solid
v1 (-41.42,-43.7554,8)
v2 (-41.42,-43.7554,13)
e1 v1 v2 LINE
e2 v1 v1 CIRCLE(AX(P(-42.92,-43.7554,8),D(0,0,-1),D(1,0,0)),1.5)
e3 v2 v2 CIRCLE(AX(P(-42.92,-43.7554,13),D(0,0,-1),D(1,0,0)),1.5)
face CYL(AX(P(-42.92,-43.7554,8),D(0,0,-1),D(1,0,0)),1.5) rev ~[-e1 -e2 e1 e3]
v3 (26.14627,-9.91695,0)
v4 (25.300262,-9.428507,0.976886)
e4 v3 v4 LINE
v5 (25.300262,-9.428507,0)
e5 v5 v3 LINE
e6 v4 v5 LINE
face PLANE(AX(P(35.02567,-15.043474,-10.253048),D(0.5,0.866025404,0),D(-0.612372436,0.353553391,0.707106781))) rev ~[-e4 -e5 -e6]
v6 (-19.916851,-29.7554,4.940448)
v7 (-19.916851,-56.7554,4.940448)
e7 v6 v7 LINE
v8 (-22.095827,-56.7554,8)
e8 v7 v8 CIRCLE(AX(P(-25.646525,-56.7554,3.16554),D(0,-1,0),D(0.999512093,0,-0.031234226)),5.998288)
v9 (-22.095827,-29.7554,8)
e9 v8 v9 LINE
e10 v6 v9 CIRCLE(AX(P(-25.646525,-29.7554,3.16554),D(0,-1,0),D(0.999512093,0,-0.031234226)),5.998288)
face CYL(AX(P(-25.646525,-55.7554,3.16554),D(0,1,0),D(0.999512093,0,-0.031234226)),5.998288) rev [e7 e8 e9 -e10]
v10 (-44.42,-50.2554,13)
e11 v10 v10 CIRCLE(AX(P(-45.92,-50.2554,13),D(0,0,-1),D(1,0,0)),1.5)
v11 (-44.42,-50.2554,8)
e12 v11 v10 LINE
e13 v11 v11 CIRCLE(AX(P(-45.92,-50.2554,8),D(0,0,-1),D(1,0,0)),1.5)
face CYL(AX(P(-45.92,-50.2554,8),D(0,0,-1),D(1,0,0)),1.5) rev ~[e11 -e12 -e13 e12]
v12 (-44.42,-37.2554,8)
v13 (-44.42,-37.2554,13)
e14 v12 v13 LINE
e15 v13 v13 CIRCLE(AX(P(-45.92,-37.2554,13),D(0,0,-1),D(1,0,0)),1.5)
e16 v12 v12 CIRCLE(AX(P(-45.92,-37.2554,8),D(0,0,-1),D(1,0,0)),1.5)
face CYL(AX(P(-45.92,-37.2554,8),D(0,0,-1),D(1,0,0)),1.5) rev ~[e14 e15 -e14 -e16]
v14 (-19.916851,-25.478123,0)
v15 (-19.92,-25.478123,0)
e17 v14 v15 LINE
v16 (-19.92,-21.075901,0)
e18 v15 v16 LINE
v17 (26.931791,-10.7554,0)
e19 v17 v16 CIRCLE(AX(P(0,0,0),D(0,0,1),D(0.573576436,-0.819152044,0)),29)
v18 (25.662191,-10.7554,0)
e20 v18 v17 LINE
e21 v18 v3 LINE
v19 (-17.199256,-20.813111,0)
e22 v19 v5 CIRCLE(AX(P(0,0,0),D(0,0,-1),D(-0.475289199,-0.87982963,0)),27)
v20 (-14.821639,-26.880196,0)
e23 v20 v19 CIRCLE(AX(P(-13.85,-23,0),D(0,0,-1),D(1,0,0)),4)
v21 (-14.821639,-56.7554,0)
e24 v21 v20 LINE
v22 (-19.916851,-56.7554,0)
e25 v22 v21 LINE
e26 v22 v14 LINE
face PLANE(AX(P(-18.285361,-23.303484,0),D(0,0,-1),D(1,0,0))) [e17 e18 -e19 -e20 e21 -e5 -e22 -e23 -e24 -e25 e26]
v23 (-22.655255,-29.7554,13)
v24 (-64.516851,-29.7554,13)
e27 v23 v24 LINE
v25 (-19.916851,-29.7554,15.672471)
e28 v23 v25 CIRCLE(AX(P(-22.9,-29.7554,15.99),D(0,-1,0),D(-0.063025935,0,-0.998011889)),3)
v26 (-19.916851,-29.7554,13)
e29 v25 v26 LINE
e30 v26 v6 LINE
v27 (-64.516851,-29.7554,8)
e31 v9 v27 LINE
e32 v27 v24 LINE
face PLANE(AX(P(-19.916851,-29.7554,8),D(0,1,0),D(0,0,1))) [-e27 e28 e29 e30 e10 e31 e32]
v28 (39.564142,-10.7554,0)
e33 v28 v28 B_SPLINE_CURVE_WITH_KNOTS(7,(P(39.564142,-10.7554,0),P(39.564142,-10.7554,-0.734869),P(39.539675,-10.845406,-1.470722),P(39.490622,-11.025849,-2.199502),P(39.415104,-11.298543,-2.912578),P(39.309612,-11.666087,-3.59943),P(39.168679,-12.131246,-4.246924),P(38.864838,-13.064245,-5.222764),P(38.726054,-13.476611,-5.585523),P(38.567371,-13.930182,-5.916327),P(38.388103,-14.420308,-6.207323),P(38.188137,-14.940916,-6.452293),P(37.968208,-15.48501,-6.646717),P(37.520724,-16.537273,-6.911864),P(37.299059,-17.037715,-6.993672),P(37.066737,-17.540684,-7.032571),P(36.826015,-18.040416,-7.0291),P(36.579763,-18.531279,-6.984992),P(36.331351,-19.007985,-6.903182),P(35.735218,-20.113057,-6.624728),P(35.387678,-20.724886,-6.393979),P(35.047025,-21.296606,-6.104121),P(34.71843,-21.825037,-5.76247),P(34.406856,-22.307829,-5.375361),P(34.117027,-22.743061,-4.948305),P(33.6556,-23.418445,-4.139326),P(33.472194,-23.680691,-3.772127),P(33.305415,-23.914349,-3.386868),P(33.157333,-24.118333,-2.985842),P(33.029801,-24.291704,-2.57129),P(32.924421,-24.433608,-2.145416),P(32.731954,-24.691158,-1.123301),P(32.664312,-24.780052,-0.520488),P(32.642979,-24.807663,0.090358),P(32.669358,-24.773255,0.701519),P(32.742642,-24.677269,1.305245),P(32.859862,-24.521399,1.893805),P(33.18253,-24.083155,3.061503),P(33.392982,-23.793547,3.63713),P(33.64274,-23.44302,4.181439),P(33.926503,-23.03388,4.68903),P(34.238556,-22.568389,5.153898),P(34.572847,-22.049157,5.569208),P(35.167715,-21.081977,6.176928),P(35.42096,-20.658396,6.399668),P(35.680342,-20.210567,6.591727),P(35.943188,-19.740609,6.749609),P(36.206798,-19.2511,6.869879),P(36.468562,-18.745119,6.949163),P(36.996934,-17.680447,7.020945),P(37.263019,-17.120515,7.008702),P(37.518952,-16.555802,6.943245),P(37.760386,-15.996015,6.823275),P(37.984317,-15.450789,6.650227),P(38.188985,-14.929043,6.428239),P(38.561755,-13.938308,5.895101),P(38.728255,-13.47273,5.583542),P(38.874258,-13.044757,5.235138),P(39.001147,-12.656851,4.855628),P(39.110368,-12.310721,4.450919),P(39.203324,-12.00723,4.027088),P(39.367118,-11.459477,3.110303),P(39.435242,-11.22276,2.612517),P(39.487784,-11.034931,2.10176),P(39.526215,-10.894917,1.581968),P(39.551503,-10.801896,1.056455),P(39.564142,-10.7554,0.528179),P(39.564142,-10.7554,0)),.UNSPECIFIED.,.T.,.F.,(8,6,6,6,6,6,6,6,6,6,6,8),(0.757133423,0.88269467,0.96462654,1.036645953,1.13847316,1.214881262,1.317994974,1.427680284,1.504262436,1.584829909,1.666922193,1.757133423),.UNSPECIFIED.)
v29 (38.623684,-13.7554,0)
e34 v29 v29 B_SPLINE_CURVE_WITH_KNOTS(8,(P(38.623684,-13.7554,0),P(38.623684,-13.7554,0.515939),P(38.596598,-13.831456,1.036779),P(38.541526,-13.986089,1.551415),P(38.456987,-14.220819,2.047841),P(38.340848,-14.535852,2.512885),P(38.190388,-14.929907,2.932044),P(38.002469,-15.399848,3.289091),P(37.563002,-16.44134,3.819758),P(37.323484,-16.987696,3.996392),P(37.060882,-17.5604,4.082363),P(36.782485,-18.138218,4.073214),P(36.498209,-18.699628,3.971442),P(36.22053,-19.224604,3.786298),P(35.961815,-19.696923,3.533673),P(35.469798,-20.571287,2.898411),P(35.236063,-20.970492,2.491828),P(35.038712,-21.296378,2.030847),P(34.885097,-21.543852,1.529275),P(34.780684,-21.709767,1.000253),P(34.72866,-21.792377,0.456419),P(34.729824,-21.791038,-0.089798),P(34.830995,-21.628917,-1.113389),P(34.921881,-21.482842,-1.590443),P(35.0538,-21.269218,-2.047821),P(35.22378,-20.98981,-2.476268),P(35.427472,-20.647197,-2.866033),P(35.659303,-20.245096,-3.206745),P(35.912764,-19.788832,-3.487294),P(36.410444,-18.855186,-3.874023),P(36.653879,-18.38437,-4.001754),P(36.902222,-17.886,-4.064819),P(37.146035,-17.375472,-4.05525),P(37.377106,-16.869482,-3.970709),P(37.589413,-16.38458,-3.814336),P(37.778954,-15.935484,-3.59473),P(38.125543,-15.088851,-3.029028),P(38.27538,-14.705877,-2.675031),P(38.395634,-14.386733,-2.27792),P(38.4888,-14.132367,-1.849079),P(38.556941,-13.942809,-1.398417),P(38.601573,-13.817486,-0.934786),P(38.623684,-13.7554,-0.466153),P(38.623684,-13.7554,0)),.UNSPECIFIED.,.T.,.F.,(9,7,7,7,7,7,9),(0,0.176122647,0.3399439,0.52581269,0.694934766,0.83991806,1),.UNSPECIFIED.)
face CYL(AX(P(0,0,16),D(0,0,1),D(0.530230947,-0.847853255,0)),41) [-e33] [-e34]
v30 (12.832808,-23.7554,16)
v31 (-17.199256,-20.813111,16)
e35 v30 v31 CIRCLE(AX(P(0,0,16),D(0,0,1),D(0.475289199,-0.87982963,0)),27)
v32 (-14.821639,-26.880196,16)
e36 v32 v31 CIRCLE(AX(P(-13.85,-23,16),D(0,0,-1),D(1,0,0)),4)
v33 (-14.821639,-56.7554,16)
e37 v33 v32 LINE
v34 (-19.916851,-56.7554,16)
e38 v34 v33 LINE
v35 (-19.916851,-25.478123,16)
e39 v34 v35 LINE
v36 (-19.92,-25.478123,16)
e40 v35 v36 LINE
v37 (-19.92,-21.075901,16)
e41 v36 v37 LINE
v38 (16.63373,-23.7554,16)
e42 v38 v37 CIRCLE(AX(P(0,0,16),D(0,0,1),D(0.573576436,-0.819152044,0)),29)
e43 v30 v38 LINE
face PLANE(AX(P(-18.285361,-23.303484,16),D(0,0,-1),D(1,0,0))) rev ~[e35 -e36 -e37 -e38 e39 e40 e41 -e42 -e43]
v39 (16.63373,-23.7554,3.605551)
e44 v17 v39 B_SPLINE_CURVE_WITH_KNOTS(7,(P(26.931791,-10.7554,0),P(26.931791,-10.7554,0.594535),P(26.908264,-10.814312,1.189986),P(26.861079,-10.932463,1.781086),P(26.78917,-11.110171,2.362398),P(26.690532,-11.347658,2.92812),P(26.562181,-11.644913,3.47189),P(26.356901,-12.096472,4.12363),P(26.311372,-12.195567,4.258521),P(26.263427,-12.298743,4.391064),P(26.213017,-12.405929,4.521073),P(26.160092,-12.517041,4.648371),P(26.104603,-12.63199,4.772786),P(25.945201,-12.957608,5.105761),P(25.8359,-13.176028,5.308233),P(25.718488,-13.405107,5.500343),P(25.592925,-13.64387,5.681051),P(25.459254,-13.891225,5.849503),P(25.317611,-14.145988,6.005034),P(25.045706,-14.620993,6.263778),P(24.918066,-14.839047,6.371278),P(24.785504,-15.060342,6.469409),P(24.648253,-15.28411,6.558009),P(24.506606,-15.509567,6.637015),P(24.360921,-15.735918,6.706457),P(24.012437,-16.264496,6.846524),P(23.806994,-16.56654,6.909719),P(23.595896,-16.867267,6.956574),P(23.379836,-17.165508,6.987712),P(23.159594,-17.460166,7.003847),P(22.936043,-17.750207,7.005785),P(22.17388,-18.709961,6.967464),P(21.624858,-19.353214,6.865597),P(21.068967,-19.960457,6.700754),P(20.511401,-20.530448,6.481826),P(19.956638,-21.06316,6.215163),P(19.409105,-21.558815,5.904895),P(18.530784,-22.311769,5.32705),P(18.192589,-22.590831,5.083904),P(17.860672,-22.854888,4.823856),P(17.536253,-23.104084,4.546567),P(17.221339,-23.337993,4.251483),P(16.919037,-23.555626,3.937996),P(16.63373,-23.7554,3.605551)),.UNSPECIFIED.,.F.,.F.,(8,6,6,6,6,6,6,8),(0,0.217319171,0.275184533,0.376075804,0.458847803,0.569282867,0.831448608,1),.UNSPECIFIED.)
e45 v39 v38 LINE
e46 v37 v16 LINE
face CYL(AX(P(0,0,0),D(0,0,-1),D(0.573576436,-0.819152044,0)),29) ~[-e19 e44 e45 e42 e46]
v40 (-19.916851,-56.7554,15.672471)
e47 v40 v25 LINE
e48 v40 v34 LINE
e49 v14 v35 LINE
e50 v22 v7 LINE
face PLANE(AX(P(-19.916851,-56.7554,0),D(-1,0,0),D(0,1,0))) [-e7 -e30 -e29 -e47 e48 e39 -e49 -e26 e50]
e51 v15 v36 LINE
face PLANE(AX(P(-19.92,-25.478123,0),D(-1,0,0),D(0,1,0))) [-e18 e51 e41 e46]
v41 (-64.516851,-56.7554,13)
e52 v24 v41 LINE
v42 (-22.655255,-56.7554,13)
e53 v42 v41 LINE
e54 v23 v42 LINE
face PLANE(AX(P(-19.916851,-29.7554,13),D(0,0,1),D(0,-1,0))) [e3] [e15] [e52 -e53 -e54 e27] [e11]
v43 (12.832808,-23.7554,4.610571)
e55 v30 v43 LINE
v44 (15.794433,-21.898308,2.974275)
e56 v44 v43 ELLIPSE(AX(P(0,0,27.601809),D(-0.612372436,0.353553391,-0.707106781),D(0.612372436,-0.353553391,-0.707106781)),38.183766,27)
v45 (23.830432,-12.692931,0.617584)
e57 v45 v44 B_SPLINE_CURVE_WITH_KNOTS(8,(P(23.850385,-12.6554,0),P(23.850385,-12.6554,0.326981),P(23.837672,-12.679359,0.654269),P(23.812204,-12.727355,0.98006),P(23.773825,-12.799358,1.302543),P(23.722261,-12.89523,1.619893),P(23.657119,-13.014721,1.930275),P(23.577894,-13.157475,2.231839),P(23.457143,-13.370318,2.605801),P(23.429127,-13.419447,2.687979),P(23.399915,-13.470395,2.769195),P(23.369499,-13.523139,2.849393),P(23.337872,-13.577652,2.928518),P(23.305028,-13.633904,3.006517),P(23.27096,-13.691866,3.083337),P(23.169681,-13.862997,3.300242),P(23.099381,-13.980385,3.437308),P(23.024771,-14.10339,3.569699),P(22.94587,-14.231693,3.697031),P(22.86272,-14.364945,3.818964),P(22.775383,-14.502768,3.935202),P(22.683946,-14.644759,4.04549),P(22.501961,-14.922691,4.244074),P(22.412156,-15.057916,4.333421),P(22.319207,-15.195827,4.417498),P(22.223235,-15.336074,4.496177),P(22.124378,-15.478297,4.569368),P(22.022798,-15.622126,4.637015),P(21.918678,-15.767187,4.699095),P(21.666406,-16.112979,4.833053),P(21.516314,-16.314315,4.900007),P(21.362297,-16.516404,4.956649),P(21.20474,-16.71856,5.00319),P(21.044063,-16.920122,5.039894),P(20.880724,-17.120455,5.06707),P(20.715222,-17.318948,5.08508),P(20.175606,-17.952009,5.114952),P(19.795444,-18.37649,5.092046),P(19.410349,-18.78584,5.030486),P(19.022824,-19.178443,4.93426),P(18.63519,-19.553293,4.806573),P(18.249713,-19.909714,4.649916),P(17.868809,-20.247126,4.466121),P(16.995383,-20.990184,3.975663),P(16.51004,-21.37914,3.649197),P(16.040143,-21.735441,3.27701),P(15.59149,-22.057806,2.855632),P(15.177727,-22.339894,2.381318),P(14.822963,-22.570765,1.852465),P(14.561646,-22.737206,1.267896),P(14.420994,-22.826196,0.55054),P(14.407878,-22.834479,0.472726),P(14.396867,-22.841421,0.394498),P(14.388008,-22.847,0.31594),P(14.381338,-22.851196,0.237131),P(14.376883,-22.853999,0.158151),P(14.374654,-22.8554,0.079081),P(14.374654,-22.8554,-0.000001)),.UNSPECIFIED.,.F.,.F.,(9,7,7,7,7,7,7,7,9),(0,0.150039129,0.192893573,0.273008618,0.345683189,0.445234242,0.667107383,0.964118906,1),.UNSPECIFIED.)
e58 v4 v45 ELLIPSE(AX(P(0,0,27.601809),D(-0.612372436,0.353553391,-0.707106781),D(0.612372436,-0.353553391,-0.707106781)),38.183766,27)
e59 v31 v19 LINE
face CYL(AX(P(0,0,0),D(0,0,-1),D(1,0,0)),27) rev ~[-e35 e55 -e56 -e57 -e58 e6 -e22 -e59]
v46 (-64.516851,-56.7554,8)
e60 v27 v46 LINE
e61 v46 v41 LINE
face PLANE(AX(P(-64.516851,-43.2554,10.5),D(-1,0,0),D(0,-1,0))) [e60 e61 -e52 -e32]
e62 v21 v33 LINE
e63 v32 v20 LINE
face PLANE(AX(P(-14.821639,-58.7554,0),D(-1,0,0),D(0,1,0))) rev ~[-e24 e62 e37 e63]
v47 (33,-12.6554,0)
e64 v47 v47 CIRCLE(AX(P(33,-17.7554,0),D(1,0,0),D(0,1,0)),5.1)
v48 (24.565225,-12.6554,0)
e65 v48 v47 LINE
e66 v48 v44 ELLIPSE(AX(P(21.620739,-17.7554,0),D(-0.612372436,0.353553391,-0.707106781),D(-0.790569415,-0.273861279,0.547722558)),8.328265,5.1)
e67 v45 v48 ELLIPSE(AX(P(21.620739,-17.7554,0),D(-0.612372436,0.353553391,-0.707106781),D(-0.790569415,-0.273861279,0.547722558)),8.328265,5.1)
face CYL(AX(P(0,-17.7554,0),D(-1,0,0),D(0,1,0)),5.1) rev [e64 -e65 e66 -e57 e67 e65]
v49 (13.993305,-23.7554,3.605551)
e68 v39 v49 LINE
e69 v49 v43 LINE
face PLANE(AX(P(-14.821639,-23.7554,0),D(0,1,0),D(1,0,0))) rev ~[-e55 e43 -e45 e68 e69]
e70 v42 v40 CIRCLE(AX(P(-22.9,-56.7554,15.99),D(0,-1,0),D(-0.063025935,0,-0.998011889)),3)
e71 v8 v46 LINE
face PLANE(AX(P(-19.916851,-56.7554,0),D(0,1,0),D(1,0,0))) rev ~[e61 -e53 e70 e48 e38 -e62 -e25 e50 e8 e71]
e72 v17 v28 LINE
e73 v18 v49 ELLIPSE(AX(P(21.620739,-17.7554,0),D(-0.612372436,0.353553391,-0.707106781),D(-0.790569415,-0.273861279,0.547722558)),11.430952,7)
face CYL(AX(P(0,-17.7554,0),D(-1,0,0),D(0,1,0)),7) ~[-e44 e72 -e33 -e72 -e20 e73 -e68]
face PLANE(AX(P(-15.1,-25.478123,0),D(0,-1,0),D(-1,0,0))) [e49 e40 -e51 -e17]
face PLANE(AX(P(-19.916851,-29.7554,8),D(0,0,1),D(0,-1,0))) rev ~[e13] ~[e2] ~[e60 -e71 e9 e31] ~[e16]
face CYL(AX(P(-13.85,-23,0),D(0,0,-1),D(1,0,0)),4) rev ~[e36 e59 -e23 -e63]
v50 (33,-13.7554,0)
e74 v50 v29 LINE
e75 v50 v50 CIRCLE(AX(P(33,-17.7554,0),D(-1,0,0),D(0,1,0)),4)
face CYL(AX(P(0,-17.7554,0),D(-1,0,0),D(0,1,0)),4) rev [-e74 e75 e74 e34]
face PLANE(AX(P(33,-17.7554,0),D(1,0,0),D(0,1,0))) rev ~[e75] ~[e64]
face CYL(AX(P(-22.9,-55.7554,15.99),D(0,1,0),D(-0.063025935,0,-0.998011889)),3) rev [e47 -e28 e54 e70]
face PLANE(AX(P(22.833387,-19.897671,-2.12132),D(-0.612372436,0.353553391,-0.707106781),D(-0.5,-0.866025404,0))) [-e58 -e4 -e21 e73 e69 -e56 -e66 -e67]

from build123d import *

# Parameters (mm, degrees)
PAD026_DEPTH         = 16
SKETCH047_W          = 36.5505813425
SKETCH047_H          = 33
PAD027_DEPTH         = 16
SKETCH049_W          = 27
SKETCH049_H          = 5
PAD028_DEPTH         = 44.6
SKETCH048_W          = 33.1432370811
SKETCH048_H          = 35
POCKET031_DEPTH      = 16
SKETCH062_R          = 7
PAD029_DEPTH         = 40
SKETCH063_R          = 4
POCKET032_DEPTH      = 42
SKETCH065_R          = 5.1
POCKET033_DEPTH      = 33
SKETCH067_R          = 27
POCKET034_DEPTH      = 16
POCKET034_DEPTH_BACK = 16
POCKET050_DEPTH      = 23
PAD044_DEPTH         = 16
PAD045_DEPTH         = 26
PAD045_DEPTH_BACK    = 1
PAD046_DEPTH         = 26
PAD046_DEPTH_BACK    = 1
SKETCH099_R          = 1.5
POCKET051_DEPTH      = 5
SKETCH068_W          = 20.6
SKETCH068_H          = 23
POCKET052_DEPTH      = 7
SKETCH070_R          = 4
POCKET053_DEPTH      = 16


with BuildPart() as part:
    # Sketch045 → Pad026 (new body)
    with BuildSketch(Plane.XY):
        with BuildLine():
            ThreePointArc((16.6337166542, -23.7554092844), (0, 29), (-16.6337166542, -23.7554092844))
            Line((-16.6337166542, -23.7554092844), (16.6337166542, -23.7554092844))
        make_face()
    extrude(amount=PAD026_DEPTH)

    # Sketch047 → Pad027 (join)
    with BuildSketch(Plane.XY):
        with Locations((-1.6415607576, -40.2554)):
            Rectangle(SKETCH047_W, SKETCH047_H)
    extrude(amount=PAD027_DEPTH)

    # Sketch049 → Pad028 (join)
    with BuildSketch(Plane(origin=(-19.9168514289, 0, 0), x_dir=(0, -1, 0), z_dir=(-1, 0, 0))):
        with Locations((43.2554, 10.5)):
            Rectangle(SKETCH049_W, SKETCH049_H)
    extrude(amount=PAD028_DEPTH)

    # Sketch048 → Pocket031 (cut)
    with BuildSketch(Plane.XY):
        with Locations((1.7499799388, -41.2554)):
            Rectangle(SKETCH048_W, SKETCH048_H)
    extrude(amount=POCKET031_DEPTH, mode=Mode.SUBTRACT)

    # Sketch062 → Pad029 (join)
    with BuildSketch(Plane.YZ):
        with Locations((-17.7554, 0)):
            Circle(SKETCH062_R)
    extrude(amount=PAD029_DEPTH)

    # Sketch063 → Pocket032 (cut)
    with BuildSketch(Plane.YZ):
        with Locations((-17.7554, 0)):
            Circle(SKETCH063_R)
    extrude(amount=POCKET032_DEPTH, mode=Mode.SUBTRACT)

    # Sketch065 → Pocket033 (cut)
    with BuildSketch(Plane.YZ):
        with Locations((-17.7554, 0)):
            Circle(SKETCH065_R)
    extrude(amount=POCKET033_DEPTH, mode=Mode.SUBTRACT)

    # Sketch067 → Pocket034 (cut, two sides)
    with BuildSketch(Plane(origin=(0, 0, 0), x_dir=(1, 0, 0), z_dir=(0, 0, -1))) as pocket034_sk:
        Circle(SKETCH067_R)
    extrude(amount=-POCKET034_DEPTH, mode=Mode.SUBTRACT)
    extrude(pocket034_sk.sketch, amount=POCKET034_DEPTH_BACK, mode=Mode.SUBTRACT)

    # Sketch069 → Pocket050 (cut)
    with BuildSketch(Plane.XY.offset(16)):
        with BuildLine():
            ThreePointArc((21.7394688414, -34.7619834661), (34.6744517723, -21.8788115374), (40.7345717373, -4.6577532545))
            Line((40.7345717373, -4.6577532545), (77.483603, -4.6577532545))
            Line((77.483603, -4.6577532545), (77.483603, -35.651409))
            Line((21.7394688414, -34.7619834661), (77.483603, -35.651409))
        make_face()
    extrude(amount=-POCKET050_DEPTH, mode=Mode.SUBTRACT)

    # Sketch072 → Pad044 (join)
    with BuildSketch(Plane(origin=(0, 0, 0), x_dir=(1, 0, 0), z_dir=(0, 0, -1))):
        Polygon((-19.92, 25.478123), (-19.92, 19.578123), (-15.1, 25.478123), align=None)
    extrude(amount=-PAD044_DEPTH)

    # Sketch101 → Pad045 (join, two sides)
    with BuildSketch(Plane.XZ.offset(55.7554)) as pad045_sk:
        with BuildLine():
            ThreePointArc((-23.0890778045, 12.9959643316), (-20.9165956412, 13.739198554), (-19.9059643934, 15.8009212171))
            Line((-19.9059643933, 15.8009212171), (-17.161644, 10.394013))
            Line((-23.0890778045, 12.9959643316), (-17.161644, 10.394013))
        make_face()
    extrude(amount=-PAD045_DEPTH)
    extrude(pad045_sk.sketch, amount=PAD045_DEPTH_BACK)

    # Sketch100 → Pad046 (join, two sides)
    with BuildSketch(Plane.XZ.offset(55.7554)) as pad046_sk:
        with BuildLine():
            ThreePointArc((-19.6511636096, 2.9781881147), (-21.3108750101, 7.3106091304), (-25.5643652158, 9.1632652939))
            Line((-25.564365, 9.163265), (-16.937498, 9.628842))
            Line((-19.651164, 2.978188), (-16.937498, 9.628842))
        make_face()
    extrude(amount=-PAD046_DEPTH)
    extrude(pad046_sk.sketch, amount=PAD046_DEPTH_BACK)

    # Sketch099 → Pocket051 (cut)
    with BuildSketch(Plane(origin=(0, 0, 8), x_dir=(1, 0, 0), z_dir=(0, 0, -1))):
        with Locations((-45.92, 37.2554)):
            Circle(SKETCH099_R)
        with Locations((-45.92, 50.2554)):
            Circle(SKETCH099_R)
        with Locations((-42.92, 43.7554)):
            Circle(SKETCH099_R)
    extrude(amount=-POCKET051_DEPTH, mode=Mode.SUBTRACT)

    # Sketch068 (on DatumPlane) → Pocket052 (cut)
    with BuildSketch(Plane(origin=(24.3662700863, -13, 0), x_dir=(-0.5, -0.8660254038, 0), z_dir=(-0.6123724357, 0.3535533906, -0.7071067812))):
        with Locations((6.74, -3)):
            Rectangle(SKETCH068_W, SKETCH068_H)
    extrude(amount=POCKET052_DEPTH, mode=Mode.SUBTRACT)

    # Sketch070 → Pocket053 (cut)
    with BuildSketch(Plane(origin=(0, 0, 0), x_dir=(1, 0, 0), z_dir=(0, 0, -1))):
        with Locations((-13.85, 23)):
            Circle(SKETCH070_R)
    extrude(amount=-POCKET053_DEPTH, mode=Mode.SUBTRACT)


solid = part.part
